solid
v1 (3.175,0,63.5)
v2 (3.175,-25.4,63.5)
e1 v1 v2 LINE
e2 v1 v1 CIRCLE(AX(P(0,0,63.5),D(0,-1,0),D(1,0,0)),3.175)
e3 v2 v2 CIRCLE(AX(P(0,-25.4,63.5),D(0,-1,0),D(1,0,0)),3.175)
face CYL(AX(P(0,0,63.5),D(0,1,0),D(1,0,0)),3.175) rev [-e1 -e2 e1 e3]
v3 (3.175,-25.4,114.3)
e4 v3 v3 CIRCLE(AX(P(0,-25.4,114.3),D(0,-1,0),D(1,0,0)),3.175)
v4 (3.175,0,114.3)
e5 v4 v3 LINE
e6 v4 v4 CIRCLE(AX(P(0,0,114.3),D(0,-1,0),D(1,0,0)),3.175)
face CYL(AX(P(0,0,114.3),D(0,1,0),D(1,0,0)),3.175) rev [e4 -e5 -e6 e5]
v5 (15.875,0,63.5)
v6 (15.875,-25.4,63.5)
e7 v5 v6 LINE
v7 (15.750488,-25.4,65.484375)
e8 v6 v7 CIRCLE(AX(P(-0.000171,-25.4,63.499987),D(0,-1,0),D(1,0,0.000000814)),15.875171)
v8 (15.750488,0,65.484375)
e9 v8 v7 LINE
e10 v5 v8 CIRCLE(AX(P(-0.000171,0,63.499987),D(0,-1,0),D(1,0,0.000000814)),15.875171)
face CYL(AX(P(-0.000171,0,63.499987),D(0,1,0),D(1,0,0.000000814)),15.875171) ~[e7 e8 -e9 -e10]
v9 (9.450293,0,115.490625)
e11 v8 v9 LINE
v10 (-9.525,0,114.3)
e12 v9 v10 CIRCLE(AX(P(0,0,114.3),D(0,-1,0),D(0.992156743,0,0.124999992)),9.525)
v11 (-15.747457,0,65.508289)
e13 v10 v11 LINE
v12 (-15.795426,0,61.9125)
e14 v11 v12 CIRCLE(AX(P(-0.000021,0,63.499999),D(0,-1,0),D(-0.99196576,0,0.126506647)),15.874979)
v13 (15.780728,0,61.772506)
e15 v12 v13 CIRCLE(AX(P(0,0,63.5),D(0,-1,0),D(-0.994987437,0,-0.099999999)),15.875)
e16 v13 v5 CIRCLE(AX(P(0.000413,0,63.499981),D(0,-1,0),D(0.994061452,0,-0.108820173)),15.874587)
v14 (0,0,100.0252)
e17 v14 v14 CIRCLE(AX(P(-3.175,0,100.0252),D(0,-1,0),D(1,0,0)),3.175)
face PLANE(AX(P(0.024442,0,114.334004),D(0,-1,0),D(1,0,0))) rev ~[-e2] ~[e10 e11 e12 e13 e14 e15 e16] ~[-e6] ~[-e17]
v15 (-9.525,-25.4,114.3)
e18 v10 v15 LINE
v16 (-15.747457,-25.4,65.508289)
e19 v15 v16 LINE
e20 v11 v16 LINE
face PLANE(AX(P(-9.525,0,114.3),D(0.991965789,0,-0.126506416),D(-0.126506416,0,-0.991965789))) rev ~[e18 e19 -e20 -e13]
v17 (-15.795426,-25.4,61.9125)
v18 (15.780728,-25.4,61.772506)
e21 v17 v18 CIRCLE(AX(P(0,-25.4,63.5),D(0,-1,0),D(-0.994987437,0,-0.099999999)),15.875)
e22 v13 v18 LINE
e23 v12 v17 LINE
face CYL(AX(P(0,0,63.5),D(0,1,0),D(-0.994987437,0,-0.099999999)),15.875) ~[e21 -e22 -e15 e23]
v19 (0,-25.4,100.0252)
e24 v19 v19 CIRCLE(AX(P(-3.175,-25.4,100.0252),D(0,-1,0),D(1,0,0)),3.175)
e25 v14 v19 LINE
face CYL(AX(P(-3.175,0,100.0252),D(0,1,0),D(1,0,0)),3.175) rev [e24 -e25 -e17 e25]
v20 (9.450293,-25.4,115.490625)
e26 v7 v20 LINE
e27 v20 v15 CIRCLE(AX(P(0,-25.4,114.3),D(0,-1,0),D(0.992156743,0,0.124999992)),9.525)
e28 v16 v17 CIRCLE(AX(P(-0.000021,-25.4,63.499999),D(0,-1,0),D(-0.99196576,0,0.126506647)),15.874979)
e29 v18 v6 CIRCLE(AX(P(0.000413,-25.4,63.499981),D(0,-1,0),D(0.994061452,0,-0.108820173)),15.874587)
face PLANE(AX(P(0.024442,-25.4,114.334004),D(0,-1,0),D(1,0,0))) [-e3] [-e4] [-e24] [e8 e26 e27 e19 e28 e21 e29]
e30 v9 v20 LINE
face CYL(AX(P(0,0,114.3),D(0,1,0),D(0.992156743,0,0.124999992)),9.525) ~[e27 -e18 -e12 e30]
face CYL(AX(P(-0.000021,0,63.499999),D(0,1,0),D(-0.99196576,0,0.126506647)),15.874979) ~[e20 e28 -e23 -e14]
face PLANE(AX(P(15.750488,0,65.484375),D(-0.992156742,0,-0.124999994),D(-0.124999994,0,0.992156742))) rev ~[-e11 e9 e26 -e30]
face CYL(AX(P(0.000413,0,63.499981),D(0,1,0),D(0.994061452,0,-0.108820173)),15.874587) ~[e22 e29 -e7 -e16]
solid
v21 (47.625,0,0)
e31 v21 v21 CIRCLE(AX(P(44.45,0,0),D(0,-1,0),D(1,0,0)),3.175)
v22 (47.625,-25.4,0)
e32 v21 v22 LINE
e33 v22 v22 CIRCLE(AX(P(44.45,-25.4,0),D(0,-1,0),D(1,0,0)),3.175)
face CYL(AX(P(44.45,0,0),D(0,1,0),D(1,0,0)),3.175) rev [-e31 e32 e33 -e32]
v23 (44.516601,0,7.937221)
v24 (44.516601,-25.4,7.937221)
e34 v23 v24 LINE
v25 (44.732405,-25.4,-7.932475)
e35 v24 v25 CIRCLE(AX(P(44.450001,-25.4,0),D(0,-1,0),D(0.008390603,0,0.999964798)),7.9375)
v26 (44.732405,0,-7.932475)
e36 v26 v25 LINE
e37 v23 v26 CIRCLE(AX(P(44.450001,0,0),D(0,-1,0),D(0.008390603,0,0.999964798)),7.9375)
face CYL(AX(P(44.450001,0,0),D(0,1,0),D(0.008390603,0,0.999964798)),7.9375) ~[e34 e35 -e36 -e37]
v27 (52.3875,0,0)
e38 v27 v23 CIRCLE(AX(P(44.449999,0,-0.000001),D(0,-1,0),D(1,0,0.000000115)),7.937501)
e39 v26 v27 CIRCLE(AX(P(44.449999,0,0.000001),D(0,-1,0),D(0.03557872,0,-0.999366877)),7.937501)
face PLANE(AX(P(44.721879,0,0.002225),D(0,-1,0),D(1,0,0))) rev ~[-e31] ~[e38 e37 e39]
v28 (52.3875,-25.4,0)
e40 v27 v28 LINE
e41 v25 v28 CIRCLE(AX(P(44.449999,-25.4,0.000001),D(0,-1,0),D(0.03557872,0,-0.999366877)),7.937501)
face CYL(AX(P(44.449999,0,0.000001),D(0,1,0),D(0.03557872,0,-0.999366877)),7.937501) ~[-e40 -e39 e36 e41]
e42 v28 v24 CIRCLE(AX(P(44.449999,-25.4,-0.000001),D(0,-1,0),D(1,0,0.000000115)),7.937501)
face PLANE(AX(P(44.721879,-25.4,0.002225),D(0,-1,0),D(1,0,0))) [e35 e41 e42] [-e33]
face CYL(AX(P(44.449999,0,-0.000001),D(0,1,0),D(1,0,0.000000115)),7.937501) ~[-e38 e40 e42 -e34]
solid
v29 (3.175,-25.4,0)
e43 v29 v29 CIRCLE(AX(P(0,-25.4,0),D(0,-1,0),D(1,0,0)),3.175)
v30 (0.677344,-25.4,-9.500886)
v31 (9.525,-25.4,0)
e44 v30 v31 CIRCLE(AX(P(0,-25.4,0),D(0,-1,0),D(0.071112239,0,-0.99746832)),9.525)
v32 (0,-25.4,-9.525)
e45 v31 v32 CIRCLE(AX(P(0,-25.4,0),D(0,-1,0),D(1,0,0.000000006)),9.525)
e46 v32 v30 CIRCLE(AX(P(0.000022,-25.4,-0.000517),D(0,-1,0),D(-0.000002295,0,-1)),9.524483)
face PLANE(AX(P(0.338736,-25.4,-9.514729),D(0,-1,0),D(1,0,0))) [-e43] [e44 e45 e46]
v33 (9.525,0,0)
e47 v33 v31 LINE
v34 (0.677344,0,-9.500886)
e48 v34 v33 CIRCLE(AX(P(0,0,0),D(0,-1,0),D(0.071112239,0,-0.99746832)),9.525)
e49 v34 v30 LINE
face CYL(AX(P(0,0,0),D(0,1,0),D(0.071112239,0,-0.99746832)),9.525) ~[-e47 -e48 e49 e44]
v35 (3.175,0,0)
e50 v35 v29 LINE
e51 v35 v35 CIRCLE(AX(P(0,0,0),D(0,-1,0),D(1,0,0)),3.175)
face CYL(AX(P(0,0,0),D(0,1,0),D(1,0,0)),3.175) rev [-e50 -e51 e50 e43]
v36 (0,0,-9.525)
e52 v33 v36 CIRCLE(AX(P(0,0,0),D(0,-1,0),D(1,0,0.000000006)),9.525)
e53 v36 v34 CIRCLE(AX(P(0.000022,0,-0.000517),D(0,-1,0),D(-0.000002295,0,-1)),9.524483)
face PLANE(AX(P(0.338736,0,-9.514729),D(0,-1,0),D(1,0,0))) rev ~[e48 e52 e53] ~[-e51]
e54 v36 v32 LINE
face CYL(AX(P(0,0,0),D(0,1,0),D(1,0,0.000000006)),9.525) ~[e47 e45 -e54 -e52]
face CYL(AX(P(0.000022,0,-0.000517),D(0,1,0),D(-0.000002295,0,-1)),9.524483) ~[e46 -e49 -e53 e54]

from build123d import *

# Parameters (mm, degrees)
F0_R     = 3.175
F1_DEPTH = 25.4


with BuildPart() as f1:
    # F0 (on Front) → F1 (new body)
    with BuildSketch(Plane.XZ):
        with BuildLine():
            ThreePointArc((-9.525, 114.3), (0, 104.775), (9.525, 114.3))
            ThreePointArc((9.525, 114.3), (9.506305, 114.896483), (9.450293, 115.490625))
            ThreePointArc((9.450293, 115.490625), (-0.596483, 123.806305), (-9.525, 114.3))
        make_face()
        with Locations((0, 114.3)):
            Circle(F0_R, mode=Mode.SUBTRACT)
        with BuildLine():
            ThreePointArc((9.450293, 115.490625), (9.506305, 114.896483), (9.525, 114.3))
            ThreePointArc((9.525, 114.3), (0, 104.775), (-9.525, 114.3))
            Line((-9.525, 114.3), (-15.747457, 65.508289))
            ThreePointArc((-15.747457, 65.508289), (0.012053, 79.374995), (15.750488, 65.484375))
            Line((15.750488, 65.484375), (9.450293, 115.490625))
        make_face()
        with Locations((-3.175, 100.0252)):
            Circle(F0_R, mode=Mode.SUBTRACT)
        with BuildLine():
            ThreePointArc((0, -9.525), (0.338886, -9.51897), (0.677344, -9.500886))
            Line((0.677344, -9.500886), (0, -9.525))
        make_face()
        with BuildLine():
            Line((0, -9.525), (0.677344, -9.500886))
            ThreePointArc((0.677344, -9.500886), (6.970557, -6.491299), (9.525, 0))
            ThreePointArc((9.525, 0), (-6.735192, 6.735192), (0, -9.525))
        make_face()
        Circle(F0_R, mode=Mode.SUBTRACT)
        with BuildLine():
            ThreePointArc((52.3875, 0), (50.086158, 5.589063), (44.516601, 7.937221))
            ThreePointArc((44.516601, 7.937221), (36.513234, -0.107928), (44.732405, -7.932475))
            ThreePointArc((44.732405, -7.932475), (50.161633, -5.51191), (52.3875, 0))
        make_face()
        with Locations((44.45, 0)):
            Circle(F0_R, mode=Mode.SUBTRACT)
        with BuildLine():
            ThreePointArc((15.875, 63.5), (15.843841, 64.494139), (15.750488, 65.484375))
            ThreePointArc((15.750488, 65.484375), (0.012053, 79.374995), (-15.747457, 65.508289))
            ThreePointArc((-15.747457, 65.508289), (-15.873588, 63.711757), (-15.795426, 61.9125))
            ThreePointArc((-15.795426, 61.9125), (-0.070382, 47.625156), (15.780728, 61.772506))
            ThreePointArc((15.780728, 61.772506), (15.851415, 62.634968), (15.875, 63.5))
        make_face()
        with Locations((0, 63.5)):
            Circle(F0_R, mode=Mode.SUBTRACT)
    extrude(amount=F1_DEPTH)


solid = f1.part
